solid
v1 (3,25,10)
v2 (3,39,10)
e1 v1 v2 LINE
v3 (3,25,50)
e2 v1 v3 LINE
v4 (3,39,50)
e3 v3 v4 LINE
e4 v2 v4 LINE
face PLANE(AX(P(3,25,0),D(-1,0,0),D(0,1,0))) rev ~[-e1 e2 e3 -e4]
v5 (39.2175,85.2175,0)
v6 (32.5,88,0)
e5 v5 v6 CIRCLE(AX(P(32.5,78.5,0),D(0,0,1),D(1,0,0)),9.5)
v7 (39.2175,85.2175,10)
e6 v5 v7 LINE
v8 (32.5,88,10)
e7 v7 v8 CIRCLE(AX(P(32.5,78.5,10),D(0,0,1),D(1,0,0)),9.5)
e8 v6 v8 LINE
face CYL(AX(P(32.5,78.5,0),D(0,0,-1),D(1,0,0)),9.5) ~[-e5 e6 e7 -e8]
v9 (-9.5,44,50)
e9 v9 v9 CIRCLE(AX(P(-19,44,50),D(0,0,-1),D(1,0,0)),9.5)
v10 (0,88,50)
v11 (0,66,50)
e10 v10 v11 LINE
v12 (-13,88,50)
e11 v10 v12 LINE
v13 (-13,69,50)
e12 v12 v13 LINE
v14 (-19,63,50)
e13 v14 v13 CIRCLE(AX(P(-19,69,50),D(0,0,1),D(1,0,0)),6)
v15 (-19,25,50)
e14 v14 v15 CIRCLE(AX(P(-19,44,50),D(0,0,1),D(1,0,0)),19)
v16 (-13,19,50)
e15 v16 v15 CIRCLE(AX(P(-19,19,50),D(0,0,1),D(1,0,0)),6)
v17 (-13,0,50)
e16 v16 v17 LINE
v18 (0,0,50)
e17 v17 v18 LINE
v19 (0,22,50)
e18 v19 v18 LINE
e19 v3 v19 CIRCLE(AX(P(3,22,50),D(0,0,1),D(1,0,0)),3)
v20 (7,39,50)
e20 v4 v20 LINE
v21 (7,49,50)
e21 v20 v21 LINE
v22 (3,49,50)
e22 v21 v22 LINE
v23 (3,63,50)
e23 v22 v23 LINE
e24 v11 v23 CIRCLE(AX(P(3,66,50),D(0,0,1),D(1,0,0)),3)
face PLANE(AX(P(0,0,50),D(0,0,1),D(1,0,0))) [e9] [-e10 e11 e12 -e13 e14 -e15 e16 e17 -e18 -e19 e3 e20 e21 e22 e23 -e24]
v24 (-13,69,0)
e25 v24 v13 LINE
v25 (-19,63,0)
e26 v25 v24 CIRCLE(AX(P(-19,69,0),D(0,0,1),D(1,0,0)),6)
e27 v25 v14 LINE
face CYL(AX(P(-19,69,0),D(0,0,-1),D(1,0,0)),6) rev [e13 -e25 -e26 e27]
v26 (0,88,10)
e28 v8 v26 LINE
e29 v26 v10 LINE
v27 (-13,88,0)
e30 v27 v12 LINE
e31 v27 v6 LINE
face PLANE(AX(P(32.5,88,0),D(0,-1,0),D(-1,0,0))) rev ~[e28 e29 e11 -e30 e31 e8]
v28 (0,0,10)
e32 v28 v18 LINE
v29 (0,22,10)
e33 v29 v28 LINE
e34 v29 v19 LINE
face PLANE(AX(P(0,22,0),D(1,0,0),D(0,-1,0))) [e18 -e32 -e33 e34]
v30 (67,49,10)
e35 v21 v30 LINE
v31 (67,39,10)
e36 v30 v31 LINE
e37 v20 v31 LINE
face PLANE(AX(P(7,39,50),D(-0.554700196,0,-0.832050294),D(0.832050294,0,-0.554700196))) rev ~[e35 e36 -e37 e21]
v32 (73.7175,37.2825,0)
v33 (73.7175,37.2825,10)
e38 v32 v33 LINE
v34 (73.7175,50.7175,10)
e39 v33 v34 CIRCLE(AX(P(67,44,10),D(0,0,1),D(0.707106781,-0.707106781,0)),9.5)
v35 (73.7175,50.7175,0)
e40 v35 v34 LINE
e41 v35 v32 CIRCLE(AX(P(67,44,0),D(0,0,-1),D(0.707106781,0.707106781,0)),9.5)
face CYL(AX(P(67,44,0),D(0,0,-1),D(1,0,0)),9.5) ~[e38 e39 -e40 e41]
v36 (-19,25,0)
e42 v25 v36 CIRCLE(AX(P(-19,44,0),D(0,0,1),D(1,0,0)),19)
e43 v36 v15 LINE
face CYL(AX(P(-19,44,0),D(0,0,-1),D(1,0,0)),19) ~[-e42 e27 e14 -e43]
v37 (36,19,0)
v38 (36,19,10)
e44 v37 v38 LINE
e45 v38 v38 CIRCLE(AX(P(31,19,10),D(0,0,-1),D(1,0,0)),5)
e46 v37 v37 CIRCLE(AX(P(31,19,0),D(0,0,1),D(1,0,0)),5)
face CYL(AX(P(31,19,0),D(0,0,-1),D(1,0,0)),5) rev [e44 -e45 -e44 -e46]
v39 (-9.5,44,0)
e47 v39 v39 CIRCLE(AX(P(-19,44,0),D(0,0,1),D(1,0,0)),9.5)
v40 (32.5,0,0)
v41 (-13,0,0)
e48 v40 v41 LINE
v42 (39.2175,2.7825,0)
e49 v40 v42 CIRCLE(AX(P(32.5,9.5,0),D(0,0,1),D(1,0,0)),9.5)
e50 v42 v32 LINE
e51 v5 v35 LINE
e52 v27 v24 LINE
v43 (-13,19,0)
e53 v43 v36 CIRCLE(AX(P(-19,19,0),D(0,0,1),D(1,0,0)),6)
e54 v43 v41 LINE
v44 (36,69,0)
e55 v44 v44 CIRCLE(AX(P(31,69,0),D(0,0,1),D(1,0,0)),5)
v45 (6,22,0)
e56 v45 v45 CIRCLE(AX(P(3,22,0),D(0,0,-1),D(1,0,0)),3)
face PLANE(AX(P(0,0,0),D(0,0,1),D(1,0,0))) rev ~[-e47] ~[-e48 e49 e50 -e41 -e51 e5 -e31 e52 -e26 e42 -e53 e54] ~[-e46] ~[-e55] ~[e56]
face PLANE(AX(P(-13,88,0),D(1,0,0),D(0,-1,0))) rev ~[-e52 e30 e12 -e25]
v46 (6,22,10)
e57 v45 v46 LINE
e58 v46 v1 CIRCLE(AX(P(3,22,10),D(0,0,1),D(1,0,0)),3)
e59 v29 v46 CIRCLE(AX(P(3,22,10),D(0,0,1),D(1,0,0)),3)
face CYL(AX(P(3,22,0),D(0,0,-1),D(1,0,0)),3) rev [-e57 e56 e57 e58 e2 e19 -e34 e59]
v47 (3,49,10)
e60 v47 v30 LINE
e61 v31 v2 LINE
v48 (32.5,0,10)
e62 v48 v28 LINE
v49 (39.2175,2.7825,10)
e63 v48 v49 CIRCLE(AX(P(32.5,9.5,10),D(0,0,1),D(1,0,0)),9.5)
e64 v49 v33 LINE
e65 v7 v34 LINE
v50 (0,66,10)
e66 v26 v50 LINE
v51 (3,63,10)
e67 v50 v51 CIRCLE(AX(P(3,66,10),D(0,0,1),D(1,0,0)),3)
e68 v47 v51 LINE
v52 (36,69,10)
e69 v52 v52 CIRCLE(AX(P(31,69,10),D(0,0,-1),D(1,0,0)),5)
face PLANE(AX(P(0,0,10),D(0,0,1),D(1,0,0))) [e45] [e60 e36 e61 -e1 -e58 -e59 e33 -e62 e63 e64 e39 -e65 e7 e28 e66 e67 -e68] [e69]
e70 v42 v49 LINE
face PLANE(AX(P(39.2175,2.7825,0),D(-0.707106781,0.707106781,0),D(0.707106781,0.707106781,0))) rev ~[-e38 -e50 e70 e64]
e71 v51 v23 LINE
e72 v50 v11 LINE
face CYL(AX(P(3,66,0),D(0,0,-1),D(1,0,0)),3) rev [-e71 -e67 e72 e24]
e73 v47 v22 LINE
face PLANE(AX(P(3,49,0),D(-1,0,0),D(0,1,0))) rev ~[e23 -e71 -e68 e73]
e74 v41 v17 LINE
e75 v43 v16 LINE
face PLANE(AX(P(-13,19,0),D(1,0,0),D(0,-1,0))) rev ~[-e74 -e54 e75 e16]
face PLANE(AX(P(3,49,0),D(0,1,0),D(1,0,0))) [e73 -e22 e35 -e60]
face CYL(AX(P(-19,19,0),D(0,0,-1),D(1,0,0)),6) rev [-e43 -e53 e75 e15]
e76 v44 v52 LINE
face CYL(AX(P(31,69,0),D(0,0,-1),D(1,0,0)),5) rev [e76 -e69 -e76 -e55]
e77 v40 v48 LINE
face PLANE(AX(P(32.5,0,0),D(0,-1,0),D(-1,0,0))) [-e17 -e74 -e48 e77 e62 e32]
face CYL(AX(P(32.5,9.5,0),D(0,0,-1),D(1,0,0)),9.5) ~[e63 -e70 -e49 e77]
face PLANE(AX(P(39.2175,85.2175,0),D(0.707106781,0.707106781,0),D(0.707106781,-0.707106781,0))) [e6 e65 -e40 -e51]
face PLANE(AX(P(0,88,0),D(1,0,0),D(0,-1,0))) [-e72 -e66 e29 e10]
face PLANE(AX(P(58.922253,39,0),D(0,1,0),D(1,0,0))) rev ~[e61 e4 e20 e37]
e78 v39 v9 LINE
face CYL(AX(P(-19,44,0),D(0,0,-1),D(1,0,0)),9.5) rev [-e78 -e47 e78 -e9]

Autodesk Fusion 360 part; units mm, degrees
sketch "Sketch1" plane through (0, 0, 0) normal (0, 0, 1) x (1, 0, 0)
  line L0 (0, 88) -> (0, 0)
  line L1 (0, 0) -> (0, 39)
  line L2 (0, 39) -> (0, 49)
  line L3 (0, 39) -> (67, 39)
  line L4 (0, 49) -> (67, 49)
  line L5 (67, 49) -> (67, 39)
  circle A0 centre (67, 44) radius 9.5
  line L6 (67, 44) -> (73.7175, 37.2825)
  circle A1 centre (32.5, 9.5) radius 9.5
  line L7 (39.2175, 2.7825) -> (73.7175, 37.2825)
  line L8 (32.5, 0) -> (0, 0)
  line L9 (0, 44) -> (67, 44)
  line L10 (39.2175, 85.2175) -> (73.7175, 50.7175)
  circle A2 centre (32.5, 78.5) radius 9.5
  line L11 (32.5, 88) -> (0, 88)
  line L12 (67, 44) -> (73.7175, 50.7175)
  line L13 (0, 88) -> (-13, 88)
  line L14 (-13, 88) -> (-13, 0)
  line L15 (0, 4) -> (0, 88)
  line L16 (0, 0) -> (0, 25)
  line L17 (0, 25) -> (3, 25)
  line L18 (3, 25) -> (3, 63)
  line L19 (3, 63) -> (0, 63)
  line L20 (3, 25) -> (3, 39)
  circle A3 centre (-19, 44) radius 9.5
  circle A4 centre (-19, 44) radius 19
  circle A5 centre (31, 19) radius 5
  circle A6 centre (31, 69) radius 5
  circle A7 centre (-19, 19) radius 6
  circle A8 centre (-19, 69) radius 6
  line L21 (-13, 0) -> (0, 0)
  circle A9 centre (3, 22) radius 3
  circle A10 centre (3, 66) radius 3
  dimension "d3" = 39
  dimension "d4" = 10
  dimension "d5" = 19
  dimension "d6" = 19
  dimension "d7" = 45
  dimension "d8" = 45
  dimension "d9" = 13
  dimension "d10" = 25
  dimension "d11" = 3
  dimension "d12" = 38
  dimension "d13" = 14
  dimension "d14" = 19
  dimension "d15" = 19
  dimension "d17" = 38
  dimension "d18" = 10
  dimension "d19" = 31
  dimension "d20" = 25
  dimension "d25" = 12
  dimension "d26" = 88
  dimension "d27" = 44
  dimension "d28" = 6
extrude "Extrude3" add sketch "Sketch1" along normal blind 10 contours L0 L4 A0 L10 A2 L11 L15 L18 A6 A10 | A10 | L4 L5 A0 L12 | A2 A6 | L0 L1 L3 A0 A1 L7 L8 L15 L16 L18 L20 A5 A9 | A0 L6 L12 | L3 L5 A0 L6 | A1 A5 picked at (31.8041, 83.28) picked at (31.8041, 4.72)
extrude "Extrude4" add sketch "Sketch1" along normal blind 50 contours L0 L4 L15 L18 L19 | L0 L2 L13 L14 L15 A4 | L0 L15 L19 A10 | L0 L2 L4 L9 L15 L18 | L0 L2 L3 L9 L15 L18 | L14 A3 A4 | L0 L1 L2 L14 L15 L16 A4 L21 | L4 A0 L9 L18 | L0 L1 L3 L15 L17 L18 L20 | L3 A0 L9 L18 | L14 A4 A8 | L14 A3 A4 | L14 A4 A7 | L4 L5 A0 L9 | L0 L1 L15 L16 L17 A9 | L3 L5 A0 L9
sketch "Sketch2" plane through (0, 39, 0) normal (0, -1, 0) x (1, 0, 0)
  line L0 (3, 10) -> (67, 10)
  line L1 (67, 10) -> (67, 50)
  line L2 (67, 50) -> (3, 50)
  line L3 (3, 50) -> (3, 10)
  line L4 (3, 50) -> (7, 50)
  line L5 (7, 50) -> (67, 10)
  line L6 (7, 50) -> (67, 50)
  line L7 (67, 50) -> (67, 10)
  dimension "d33" = 4
extrude "Extrude5" cut sketch "Sketch2" against normal blind 10 contours L1 L2 L5 L6 L7
equation "d17 = ( 19 * 2 ) * 1 mm"
